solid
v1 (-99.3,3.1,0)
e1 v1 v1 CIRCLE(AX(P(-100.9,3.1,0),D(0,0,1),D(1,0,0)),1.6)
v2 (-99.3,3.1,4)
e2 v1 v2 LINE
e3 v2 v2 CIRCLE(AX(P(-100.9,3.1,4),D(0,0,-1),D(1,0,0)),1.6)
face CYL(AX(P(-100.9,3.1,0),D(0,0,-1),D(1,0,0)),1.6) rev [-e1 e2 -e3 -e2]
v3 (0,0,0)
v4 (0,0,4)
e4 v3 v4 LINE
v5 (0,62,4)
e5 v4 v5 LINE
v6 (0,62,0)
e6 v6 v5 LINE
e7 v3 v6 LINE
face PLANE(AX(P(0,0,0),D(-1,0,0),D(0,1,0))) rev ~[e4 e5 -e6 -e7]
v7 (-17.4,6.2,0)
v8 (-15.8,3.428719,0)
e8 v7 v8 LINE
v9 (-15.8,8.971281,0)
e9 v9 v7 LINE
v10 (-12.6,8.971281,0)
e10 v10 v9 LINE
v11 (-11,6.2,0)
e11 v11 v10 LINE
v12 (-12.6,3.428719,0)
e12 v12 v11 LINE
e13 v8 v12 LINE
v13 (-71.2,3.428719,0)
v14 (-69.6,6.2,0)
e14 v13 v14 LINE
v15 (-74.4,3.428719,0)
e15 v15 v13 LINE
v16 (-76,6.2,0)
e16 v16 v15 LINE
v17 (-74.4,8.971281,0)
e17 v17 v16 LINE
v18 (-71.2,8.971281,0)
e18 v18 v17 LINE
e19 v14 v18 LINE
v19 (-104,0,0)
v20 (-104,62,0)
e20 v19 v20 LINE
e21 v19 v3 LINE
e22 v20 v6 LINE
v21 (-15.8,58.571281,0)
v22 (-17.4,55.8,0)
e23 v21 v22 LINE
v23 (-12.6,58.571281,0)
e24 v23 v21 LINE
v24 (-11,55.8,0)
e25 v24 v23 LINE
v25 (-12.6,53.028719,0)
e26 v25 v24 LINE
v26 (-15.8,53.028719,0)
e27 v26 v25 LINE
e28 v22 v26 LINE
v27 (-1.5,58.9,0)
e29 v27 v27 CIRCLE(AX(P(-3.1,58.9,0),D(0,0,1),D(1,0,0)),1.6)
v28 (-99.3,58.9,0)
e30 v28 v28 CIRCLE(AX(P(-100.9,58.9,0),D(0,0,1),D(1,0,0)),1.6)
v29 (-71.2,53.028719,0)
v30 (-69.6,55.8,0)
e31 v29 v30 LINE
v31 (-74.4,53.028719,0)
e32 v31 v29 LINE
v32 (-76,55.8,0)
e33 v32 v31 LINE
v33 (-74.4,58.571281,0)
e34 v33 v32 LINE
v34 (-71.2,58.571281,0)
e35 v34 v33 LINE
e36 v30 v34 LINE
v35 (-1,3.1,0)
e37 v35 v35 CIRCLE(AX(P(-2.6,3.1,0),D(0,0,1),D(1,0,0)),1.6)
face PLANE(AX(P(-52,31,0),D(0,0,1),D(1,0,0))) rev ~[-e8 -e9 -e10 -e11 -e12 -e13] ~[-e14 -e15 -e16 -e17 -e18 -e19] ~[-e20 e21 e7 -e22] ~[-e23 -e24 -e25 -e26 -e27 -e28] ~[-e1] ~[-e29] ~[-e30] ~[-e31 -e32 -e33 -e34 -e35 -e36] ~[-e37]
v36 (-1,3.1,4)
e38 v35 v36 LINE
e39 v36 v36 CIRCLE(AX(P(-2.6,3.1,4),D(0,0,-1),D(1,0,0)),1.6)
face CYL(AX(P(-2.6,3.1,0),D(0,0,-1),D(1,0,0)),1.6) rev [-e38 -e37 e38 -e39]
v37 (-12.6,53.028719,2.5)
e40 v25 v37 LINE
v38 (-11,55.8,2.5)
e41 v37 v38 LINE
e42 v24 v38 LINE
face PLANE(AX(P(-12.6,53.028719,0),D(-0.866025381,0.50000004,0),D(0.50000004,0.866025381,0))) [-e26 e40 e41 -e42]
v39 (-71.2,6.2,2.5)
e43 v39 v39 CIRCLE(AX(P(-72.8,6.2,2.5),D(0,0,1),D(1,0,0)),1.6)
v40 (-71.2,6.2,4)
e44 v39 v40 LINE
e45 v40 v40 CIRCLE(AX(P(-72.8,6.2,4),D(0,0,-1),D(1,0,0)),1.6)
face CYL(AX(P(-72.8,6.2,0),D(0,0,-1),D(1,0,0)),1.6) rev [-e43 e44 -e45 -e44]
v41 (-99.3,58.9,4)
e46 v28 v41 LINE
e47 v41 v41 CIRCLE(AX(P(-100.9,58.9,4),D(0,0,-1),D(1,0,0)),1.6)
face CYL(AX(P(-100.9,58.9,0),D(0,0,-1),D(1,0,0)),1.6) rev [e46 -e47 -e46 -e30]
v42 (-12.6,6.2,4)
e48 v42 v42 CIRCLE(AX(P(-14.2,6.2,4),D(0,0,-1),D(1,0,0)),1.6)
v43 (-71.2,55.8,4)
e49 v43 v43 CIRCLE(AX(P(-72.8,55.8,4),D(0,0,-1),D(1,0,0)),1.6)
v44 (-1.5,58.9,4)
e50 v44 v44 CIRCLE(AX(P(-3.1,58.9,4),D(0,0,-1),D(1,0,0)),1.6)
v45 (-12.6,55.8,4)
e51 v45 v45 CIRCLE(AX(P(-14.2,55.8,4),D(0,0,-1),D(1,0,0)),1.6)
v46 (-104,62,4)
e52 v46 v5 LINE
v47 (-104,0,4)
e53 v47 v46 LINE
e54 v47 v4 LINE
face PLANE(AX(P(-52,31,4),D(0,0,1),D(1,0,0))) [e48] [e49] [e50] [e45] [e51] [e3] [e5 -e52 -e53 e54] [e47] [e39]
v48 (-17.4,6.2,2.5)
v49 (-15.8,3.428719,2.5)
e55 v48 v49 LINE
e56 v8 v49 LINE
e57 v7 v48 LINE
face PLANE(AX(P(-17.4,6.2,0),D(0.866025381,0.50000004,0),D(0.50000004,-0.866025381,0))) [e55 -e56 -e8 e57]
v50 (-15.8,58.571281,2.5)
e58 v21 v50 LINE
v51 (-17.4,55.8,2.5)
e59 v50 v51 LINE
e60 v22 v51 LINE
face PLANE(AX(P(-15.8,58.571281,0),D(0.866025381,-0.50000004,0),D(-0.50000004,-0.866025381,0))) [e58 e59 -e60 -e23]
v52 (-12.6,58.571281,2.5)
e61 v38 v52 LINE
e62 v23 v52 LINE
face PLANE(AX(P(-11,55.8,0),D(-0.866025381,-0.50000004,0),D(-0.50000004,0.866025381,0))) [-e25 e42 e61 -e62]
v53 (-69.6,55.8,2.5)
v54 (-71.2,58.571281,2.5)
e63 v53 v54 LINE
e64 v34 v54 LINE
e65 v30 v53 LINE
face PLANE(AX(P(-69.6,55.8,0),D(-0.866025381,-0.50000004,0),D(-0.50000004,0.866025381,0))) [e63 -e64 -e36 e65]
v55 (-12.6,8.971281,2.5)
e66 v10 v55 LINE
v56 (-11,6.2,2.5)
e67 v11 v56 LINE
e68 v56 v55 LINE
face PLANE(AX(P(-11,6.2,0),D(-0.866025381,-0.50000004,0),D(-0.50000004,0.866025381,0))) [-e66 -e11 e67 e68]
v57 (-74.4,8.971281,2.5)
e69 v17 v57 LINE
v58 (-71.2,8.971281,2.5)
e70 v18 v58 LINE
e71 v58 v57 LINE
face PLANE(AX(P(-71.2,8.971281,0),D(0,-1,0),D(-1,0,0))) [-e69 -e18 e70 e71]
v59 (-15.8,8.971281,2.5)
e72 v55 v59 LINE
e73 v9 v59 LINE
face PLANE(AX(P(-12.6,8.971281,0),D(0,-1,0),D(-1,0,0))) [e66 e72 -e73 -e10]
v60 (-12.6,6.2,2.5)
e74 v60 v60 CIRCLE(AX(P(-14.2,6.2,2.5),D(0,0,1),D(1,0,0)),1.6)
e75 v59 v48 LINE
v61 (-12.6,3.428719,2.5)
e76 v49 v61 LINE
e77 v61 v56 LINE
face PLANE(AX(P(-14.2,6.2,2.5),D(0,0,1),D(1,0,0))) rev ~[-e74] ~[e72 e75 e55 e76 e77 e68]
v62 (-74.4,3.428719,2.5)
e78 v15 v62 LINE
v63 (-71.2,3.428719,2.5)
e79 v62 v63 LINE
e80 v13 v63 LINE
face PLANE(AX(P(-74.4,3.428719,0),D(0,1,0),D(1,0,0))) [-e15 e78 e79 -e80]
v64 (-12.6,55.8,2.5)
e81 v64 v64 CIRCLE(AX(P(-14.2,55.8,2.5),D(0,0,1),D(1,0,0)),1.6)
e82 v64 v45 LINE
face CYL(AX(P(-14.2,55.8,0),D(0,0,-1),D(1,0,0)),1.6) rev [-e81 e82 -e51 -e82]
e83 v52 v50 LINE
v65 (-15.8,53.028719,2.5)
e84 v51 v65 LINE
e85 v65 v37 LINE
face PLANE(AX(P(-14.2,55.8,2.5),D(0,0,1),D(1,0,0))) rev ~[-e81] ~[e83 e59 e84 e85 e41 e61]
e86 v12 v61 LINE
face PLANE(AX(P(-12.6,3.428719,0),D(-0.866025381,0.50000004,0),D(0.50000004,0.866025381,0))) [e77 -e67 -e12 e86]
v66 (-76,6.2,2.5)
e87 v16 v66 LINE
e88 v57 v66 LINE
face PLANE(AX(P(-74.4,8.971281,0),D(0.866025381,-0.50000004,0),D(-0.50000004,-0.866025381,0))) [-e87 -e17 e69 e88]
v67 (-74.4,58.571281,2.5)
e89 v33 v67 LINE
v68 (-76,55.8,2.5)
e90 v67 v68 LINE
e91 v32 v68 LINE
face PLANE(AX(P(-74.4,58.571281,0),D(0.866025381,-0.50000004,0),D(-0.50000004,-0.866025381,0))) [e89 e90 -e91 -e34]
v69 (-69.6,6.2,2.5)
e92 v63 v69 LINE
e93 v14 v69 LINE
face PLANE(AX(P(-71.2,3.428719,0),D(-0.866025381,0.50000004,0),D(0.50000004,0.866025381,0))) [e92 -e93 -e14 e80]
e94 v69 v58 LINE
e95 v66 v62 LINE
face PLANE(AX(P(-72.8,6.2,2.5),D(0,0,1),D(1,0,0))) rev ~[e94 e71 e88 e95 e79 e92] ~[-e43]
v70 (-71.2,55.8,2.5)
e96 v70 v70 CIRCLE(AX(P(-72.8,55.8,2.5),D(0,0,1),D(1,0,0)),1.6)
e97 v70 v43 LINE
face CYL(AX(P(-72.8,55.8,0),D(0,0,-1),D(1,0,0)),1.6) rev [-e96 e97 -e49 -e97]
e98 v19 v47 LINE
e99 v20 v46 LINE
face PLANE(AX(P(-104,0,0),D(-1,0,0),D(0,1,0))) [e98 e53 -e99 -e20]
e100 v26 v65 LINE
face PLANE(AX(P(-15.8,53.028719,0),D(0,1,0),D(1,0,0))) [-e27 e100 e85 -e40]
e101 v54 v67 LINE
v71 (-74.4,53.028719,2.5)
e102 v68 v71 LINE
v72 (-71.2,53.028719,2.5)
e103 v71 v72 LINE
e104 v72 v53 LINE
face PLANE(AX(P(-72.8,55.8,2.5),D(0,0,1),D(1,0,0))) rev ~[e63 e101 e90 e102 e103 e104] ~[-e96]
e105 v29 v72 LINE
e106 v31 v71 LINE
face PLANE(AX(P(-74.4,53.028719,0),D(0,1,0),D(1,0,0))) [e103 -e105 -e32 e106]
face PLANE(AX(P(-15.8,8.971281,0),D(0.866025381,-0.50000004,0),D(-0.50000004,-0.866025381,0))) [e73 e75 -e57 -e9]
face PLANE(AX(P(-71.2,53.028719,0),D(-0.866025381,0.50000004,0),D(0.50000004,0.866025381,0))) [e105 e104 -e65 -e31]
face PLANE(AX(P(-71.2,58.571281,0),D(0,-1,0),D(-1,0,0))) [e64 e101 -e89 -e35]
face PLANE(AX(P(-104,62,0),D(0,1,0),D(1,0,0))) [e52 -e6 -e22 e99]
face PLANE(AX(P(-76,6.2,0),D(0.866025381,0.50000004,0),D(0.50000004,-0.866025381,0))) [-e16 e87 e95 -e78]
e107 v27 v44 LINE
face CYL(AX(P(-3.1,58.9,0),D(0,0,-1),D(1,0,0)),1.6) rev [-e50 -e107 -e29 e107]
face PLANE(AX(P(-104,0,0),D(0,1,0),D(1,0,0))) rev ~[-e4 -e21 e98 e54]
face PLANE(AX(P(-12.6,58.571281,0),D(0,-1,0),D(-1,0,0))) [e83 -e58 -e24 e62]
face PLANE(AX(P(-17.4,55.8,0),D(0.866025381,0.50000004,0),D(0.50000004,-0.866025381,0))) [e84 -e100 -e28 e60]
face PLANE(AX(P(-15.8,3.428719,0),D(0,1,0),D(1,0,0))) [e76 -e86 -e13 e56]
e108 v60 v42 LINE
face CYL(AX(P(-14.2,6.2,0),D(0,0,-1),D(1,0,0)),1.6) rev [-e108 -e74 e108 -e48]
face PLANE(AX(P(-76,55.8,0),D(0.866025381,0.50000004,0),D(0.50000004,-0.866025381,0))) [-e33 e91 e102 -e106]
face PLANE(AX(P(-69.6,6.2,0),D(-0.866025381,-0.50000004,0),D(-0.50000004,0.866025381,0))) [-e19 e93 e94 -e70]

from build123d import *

# Parameters (mm, degrees)
SKETCH002_R       = 1.6
EXTRUDE002_DEPTH  = 2.5
SKETCH003_R       = 1.6
EXTRUDE003_DEPTH  = 2.5
SKETCH004_R       = 1.6
EXTRUDE004_DEPTH  = 2.5
SKETCH001_R       = 1.6
EXTRUDE001_DEPTH  = 2.5
SKETCH_R          = 1.6
EXTRUDE_DEPTH     = 10
CYLINDER007_R     = 1.6
CYLINDER007_DEPTH = 10
CYLINDER006_R     = 1.6
CYLINDER006_DEPTH = 10
CYLINDER005_R     = 1.6
CYLINDER005_DEPTH = 10
CYLINDER004_R     = 1.6
CYLINDER004_DEPTH = 10
BOX001_W          = 104
BOX001_H          = 62
BOX001_DEPTH      = 4


with BuildPart() as nylon_nut_cutout001:
    # Sketch002 → Extrude002 (new body)
    with BuildSketch(Plane.XY):
        Polygon((3.2, 0), (1.6, 2.771281), (-1.6, 2.771281), (-3.2, 0), (-1.6, -2.771281), (1.6, -2.771281), align=None)
        Circle(SKETCH002_R, mode=Mode.SUBTRACT)
    extrude(amount=EXTRUDE002_DEPTH)


with BuildPart() as nylon_nut_cutout001_1:
    # Extrude002 placement: moved
    add(nylon_nut_cutout001.part.moved(Location((-72.8, 6.2, 0))))


with BuildPart() as nylon_nut_cutout002:
    # Sketch003 → Extrude003 (new body)
    with BuildSketch(Plane.XY):
        Polygon((3.2, 0), (1.6, 2.771281), (-1.6, 2.771281), (-3.2, 0), (-1.6, -2.771281), (1.6, -2.771281), align=None)
        Circle(SKETCH003_R, mode=Mode.SUBTRACT)
    extrude(amount=EXTRUDE003_DEPTH)


with BuildPart() as nylon_nut_cutout002_1:
    # Extrude003 placement: moved
    add(nylon_nut_cutout002.part.moved(Location((-72.8, 55.8, 0))))


with BuildPart() as nylon_nut_cutout003:
    # Sketch004 → Extrude004 (new body)
    with BuildSketch(Plane.XY):
        Polygon((3.2, 0), (1.6, 2.771281), (-1.6, 2.771281), (-3.2, 0), (-1.6, -2.771281), (1.6, -2.771281), align=None)
        Circle(SKETCH004_R, mode=Mode.SUBTRACT)
    extrude(amount=EXTRUDE004_DEPTH)


with BuildPart() as nylon_nut_cutout003_1:
    # Extrude004 placement: moved
    add(nylon_nut_cutout003.part.moved(Location((-14.2, 55.8, 0))))


with BuildPart() as nylon_nut_cutout:
    # Sketch001 → Extrude001 (new body)
    with BuildSketch(Plane.XY):
        Polygon((3.2, 0), (1.6, 2.771281), (-1.6, 2.771281), (-3.2, 0), (-1.6, -2.771281), (1.6, -2.771281), align=None)
        Circle(SKETCH001_R, mode=Mode.SUBTRACT)
    extrude(amount=EXTRUDE001_DEPTH)


with BuildPart() as nylon_nut_cutout_1:
    # Extrude001 placement: moved
    add(nylon_nut_cutout.part.moved(Location((-14.2, 6.2, 0))))


with BuildPart() as extrude_body:
    # Sketch → Extrude (new body)
    with BuildSketch(Plane.XY):
        with Locations((-72.8, 55.8)):
            Circle(SKETCH_R)
        with Locations((-14.2, 55.8)):
            Circle(SKETCH_R)
        with Locations((-14.2, 6.2)):
            Circle(SKETCH_R)
        with Locations((-72.8, 6.2)):
            Circle(SKETCH_R)
    extrude(amount=EXTRUDE_DEPTH)


with BuildPart() as mount_point003:
    # Cylinder007 → Cylinder007 (new body)
    with BuildSketch(Plane(origin=(-3.1, 58.9, 0), x_dir=(1, 0, 0), z_dir=(0, 0, 1))):
        Circle(CYLINDER007_R)
    extrude(amount=CYLINDER007_DEPTH)


with BuildPart() as mount_point002:
    # Cylinder006 → Cylinder006 (new body)
    with BuildSketch(Plane(origin=(-100.9, 58.9, 0), x_dir=(1, 0, 0), z_dir=(0, 0, 1))):
        Circle(CYLINDER006_R)
    extrude(amount=CYLINDER006_DEPTH)


with BuildPart() as mount_point001:
    # Cylinder005 → Cylinder005 (new body)
    with BuildSketch(Plane(origin=(-100.9, 3.1, 0), x_dir=(1, 0, 0), z_dir=(0, 0, 1))):
        Circle(CYLINDER005_R)
    extrude(amount=CYLINDER005_DEPTH)


with BuildPart() as mount_point:
    # Cylinder004 → Cylinder004 (new body)
    with BuildSketch(Plane(origin=(-2.6, 3.1, 0), x_dir=(1, 0, 0), z_dir=(0, 0, 1))):
        Circle(CYLINDER004_R)
    extrude(amount=CYLINDER004_DEPTH)


with BuildPart() as raspberrypi_platform:
    # Box001 → Box001 (new body)
    with BuildSketch(Plane(origin=(-104, 0, 0), x_dir=(1, 0, 0), z_dir=(0, 0, 1))):
        with Locations((52, 31)):
            Rectangle(BOX001_W, BOX001_H)
    extrude(amount=BOX001_DEPTH)

    # Cut005: cut Mount Point
    add(mount_point.part, mode=Mode.SUBTRACT)

    # Cut006: cut Mount Point001
    add(mount_point001.part, mode=Mode.SUBTRACT)

    # Cut007: cut Mount Point002
    add(mount_point002.part, mode=Mode.SUBTRACT)

    # Cut008: cut Mount Point003
    add(mount_point003.part, mode=Mode.SUBTRACT)

    # Cut: cut Extrude body
    add(extrude_body.part, mode=Mode.SUBTRACT)

    # Cut009: cut Nylon Nut Cutout
    add(nylon_nut_cutout_1.part, mode=Mode.SUBTRACT)

    # Cut010: cut Nylon Nut Cutout003
    add(nylon_nut_cutout003_1.part, mode=Mode.SUBTRACT)

    # Cut011: cut Nylon Nut Cutout002
    add(nylon_nut_cutout002_1.part, mode=Mode.SUBTRACT)

    # Cut012: cut Nylon Nut Cutout001
    add(nylon_nut_cutout001_1.part, mode=Mode.SUBTRACT)


solid = raspberrypi_platform.part
